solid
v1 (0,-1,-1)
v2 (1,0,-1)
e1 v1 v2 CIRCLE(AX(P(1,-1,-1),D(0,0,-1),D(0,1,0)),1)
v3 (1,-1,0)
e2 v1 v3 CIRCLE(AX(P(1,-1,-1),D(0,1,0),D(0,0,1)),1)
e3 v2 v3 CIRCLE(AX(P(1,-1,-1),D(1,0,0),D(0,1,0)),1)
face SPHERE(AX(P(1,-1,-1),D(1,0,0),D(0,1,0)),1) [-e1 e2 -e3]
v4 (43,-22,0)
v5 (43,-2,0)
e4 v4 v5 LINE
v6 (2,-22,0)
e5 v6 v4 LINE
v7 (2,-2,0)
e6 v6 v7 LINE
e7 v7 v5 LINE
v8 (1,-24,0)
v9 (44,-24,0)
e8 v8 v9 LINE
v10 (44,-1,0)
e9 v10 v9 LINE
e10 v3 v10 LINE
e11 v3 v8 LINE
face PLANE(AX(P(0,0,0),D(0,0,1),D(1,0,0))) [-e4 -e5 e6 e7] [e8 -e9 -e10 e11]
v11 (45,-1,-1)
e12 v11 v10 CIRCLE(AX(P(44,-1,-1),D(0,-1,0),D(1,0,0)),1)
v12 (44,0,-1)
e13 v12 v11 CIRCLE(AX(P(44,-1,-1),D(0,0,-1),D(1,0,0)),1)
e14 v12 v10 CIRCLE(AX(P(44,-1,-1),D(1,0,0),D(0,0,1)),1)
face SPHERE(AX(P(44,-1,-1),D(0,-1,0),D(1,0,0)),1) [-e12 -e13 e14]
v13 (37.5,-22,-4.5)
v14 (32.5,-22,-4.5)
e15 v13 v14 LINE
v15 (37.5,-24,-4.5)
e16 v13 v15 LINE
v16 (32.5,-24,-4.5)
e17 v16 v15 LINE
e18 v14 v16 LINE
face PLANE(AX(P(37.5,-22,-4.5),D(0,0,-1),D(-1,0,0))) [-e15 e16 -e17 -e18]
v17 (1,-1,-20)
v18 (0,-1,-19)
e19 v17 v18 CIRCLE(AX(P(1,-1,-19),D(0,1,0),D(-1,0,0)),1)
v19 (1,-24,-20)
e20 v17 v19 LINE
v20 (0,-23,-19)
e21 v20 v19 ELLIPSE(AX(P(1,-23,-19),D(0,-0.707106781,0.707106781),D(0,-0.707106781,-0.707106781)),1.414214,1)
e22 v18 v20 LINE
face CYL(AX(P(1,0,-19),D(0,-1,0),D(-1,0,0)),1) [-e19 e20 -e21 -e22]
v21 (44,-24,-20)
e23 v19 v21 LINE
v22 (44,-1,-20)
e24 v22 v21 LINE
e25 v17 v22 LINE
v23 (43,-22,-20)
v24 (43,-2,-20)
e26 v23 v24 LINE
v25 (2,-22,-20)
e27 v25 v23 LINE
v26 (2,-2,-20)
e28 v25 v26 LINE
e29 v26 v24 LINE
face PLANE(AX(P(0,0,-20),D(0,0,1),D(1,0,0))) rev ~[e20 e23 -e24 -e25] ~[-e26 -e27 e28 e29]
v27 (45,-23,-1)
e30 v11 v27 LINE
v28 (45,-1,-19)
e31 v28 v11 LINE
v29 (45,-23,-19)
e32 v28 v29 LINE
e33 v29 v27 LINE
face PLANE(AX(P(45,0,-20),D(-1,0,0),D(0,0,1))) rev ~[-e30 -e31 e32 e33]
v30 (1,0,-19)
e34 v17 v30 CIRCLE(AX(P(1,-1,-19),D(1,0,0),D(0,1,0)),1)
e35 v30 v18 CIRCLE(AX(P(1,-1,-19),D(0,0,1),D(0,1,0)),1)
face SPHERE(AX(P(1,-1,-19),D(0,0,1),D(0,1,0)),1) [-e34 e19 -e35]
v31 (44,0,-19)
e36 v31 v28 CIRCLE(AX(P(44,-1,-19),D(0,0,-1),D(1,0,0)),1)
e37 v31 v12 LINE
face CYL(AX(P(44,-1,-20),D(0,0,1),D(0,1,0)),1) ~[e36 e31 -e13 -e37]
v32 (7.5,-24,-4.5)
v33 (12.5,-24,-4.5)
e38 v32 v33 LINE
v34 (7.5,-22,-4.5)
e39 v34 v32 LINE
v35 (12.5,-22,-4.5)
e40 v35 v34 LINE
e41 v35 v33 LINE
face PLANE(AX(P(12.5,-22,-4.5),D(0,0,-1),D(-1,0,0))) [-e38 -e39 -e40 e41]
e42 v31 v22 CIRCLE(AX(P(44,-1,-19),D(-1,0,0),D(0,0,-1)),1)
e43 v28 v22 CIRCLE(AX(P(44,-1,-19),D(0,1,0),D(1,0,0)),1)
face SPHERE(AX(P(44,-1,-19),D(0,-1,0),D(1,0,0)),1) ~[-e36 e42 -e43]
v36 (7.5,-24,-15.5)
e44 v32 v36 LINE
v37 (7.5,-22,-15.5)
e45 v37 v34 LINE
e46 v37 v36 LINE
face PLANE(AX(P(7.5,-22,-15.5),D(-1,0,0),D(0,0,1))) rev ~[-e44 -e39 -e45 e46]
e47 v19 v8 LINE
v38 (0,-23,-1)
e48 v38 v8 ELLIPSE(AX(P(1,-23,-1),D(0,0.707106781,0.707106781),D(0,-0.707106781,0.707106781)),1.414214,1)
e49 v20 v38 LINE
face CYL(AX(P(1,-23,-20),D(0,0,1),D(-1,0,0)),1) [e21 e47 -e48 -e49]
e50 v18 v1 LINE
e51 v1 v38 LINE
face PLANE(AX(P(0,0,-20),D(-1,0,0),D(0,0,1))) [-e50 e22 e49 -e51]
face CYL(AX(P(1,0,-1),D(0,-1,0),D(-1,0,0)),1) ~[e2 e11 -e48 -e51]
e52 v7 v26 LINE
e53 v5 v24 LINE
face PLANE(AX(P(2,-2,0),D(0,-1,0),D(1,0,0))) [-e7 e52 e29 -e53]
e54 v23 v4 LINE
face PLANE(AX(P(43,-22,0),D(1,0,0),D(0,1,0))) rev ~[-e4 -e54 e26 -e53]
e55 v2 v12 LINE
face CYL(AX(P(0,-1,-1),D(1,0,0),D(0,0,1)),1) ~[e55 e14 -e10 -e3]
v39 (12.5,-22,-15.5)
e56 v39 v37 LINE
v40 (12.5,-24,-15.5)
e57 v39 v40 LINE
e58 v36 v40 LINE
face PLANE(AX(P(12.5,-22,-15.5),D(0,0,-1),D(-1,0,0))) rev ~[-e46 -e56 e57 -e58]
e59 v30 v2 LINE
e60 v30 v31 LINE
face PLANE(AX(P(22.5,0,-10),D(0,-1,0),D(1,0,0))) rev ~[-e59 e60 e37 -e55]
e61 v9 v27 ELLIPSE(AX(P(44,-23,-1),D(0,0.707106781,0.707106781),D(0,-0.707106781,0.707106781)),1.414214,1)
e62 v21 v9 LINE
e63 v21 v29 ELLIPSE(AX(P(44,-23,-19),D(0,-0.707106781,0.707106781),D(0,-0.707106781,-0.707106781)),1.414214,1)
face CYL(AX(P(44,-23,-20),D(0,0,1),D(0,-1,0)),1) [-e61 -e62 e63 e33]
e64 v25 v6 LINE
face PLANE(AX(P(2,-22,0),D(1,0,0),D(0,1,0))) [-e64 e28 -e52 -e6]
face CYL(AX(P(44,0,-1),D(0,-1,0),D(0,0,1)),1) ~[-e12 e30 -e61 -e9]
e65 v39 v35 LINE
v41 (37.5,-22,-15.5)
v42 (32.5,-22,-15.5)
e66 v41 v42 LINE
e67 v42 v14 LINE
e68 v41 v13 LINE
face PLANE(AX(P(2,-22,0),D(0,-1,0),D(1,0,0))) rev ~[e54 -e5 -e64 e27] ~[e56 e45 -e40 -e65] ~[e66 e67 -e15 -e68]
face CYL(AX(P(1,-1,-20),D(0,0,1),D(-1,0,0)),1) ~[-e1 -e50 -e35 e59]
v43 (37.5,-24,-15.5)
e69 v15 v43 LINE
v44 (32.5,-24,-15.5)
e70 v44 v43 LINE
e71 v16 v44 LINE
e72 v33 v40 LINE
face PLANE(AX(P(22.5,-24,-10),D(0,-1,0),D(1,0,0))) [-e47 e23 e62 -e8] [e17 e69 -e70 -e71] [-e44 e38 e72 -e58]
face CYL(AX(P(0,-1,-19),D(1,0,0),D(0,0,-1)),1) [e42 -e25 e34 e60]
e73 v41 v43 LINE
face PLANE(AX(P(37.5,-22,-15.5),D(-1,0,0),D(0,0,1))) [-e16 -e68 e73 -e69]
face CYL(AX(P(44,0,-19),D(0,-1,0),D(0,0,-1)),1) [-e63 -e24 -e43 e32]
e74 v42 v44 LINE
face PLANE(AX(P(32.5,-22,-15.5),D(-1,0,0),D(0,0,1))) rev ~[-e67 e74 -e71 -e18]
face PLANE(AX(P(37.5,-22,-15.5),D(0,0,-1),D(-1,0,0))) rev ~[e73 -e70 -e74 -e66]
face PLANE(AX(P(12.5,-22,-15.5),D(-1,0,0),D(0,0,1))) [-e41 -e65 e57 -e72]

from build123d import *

# Parameters (mm, degrees)
F0_W     = 45
F0_H     = 20
F1_DEPTH = 24
F2_W     = 41
F2_H     = 20
F3_DEPTH = 20
F5_W     = 5
F5_H     = 11
F6_DEPTH = 5
F7_R     = 1


with BuildPart() as f1:
    # F0 (on Front) → F1 (new body)
    with BuildSketch(Plane.XZ):
        with Locations((22.5, -10)):
            Rectangle(F0_W, F0_H)
    extrude(amount=F1_DEPTH)

    # F2 (on Top) → F3 (cut, symmetric)
    with BuildSketch(Plane.XY):
        with Locations((22.5, -12)):
            Rectangle(F2_W, F2_H)
    extrude(amount=F3_DEPTH, both=True, mode=Mode.SUBTRACT)

    # F5 (on offset) → F6 (cut)
    with BuildSketch(Plane(origin=(0, -22, 0), x_dir=(-1, 0, 0), z_dir=(0, 1, 0))):
        with Locations((-10, -10)):
            Rectangle(F5_W, F5_H)
        with Locations((-35, -9.9999997467)):
            Rectangle(F5_W, F5_H)
    extrude(amount=-F6_DEPTH, mode=Mode.SUBTRACT)

    # F7
    f7_edges = [f1.edges().sort_by_distance(p)[0] for p in [
        (45, -12, -20),
        (45, -12, 0),
        (45, 0, -10),
        (45, -24, -10),
        (22.5, 0, 0),
        (0, 0, -10),
        (22.5, 0, -20),
        (0, -12, 0),
        (0, -12, -20),
        (0, -24, -10),
    ]]
    fillet(f7_edges, radius=F7_R)


solid = f1.part
